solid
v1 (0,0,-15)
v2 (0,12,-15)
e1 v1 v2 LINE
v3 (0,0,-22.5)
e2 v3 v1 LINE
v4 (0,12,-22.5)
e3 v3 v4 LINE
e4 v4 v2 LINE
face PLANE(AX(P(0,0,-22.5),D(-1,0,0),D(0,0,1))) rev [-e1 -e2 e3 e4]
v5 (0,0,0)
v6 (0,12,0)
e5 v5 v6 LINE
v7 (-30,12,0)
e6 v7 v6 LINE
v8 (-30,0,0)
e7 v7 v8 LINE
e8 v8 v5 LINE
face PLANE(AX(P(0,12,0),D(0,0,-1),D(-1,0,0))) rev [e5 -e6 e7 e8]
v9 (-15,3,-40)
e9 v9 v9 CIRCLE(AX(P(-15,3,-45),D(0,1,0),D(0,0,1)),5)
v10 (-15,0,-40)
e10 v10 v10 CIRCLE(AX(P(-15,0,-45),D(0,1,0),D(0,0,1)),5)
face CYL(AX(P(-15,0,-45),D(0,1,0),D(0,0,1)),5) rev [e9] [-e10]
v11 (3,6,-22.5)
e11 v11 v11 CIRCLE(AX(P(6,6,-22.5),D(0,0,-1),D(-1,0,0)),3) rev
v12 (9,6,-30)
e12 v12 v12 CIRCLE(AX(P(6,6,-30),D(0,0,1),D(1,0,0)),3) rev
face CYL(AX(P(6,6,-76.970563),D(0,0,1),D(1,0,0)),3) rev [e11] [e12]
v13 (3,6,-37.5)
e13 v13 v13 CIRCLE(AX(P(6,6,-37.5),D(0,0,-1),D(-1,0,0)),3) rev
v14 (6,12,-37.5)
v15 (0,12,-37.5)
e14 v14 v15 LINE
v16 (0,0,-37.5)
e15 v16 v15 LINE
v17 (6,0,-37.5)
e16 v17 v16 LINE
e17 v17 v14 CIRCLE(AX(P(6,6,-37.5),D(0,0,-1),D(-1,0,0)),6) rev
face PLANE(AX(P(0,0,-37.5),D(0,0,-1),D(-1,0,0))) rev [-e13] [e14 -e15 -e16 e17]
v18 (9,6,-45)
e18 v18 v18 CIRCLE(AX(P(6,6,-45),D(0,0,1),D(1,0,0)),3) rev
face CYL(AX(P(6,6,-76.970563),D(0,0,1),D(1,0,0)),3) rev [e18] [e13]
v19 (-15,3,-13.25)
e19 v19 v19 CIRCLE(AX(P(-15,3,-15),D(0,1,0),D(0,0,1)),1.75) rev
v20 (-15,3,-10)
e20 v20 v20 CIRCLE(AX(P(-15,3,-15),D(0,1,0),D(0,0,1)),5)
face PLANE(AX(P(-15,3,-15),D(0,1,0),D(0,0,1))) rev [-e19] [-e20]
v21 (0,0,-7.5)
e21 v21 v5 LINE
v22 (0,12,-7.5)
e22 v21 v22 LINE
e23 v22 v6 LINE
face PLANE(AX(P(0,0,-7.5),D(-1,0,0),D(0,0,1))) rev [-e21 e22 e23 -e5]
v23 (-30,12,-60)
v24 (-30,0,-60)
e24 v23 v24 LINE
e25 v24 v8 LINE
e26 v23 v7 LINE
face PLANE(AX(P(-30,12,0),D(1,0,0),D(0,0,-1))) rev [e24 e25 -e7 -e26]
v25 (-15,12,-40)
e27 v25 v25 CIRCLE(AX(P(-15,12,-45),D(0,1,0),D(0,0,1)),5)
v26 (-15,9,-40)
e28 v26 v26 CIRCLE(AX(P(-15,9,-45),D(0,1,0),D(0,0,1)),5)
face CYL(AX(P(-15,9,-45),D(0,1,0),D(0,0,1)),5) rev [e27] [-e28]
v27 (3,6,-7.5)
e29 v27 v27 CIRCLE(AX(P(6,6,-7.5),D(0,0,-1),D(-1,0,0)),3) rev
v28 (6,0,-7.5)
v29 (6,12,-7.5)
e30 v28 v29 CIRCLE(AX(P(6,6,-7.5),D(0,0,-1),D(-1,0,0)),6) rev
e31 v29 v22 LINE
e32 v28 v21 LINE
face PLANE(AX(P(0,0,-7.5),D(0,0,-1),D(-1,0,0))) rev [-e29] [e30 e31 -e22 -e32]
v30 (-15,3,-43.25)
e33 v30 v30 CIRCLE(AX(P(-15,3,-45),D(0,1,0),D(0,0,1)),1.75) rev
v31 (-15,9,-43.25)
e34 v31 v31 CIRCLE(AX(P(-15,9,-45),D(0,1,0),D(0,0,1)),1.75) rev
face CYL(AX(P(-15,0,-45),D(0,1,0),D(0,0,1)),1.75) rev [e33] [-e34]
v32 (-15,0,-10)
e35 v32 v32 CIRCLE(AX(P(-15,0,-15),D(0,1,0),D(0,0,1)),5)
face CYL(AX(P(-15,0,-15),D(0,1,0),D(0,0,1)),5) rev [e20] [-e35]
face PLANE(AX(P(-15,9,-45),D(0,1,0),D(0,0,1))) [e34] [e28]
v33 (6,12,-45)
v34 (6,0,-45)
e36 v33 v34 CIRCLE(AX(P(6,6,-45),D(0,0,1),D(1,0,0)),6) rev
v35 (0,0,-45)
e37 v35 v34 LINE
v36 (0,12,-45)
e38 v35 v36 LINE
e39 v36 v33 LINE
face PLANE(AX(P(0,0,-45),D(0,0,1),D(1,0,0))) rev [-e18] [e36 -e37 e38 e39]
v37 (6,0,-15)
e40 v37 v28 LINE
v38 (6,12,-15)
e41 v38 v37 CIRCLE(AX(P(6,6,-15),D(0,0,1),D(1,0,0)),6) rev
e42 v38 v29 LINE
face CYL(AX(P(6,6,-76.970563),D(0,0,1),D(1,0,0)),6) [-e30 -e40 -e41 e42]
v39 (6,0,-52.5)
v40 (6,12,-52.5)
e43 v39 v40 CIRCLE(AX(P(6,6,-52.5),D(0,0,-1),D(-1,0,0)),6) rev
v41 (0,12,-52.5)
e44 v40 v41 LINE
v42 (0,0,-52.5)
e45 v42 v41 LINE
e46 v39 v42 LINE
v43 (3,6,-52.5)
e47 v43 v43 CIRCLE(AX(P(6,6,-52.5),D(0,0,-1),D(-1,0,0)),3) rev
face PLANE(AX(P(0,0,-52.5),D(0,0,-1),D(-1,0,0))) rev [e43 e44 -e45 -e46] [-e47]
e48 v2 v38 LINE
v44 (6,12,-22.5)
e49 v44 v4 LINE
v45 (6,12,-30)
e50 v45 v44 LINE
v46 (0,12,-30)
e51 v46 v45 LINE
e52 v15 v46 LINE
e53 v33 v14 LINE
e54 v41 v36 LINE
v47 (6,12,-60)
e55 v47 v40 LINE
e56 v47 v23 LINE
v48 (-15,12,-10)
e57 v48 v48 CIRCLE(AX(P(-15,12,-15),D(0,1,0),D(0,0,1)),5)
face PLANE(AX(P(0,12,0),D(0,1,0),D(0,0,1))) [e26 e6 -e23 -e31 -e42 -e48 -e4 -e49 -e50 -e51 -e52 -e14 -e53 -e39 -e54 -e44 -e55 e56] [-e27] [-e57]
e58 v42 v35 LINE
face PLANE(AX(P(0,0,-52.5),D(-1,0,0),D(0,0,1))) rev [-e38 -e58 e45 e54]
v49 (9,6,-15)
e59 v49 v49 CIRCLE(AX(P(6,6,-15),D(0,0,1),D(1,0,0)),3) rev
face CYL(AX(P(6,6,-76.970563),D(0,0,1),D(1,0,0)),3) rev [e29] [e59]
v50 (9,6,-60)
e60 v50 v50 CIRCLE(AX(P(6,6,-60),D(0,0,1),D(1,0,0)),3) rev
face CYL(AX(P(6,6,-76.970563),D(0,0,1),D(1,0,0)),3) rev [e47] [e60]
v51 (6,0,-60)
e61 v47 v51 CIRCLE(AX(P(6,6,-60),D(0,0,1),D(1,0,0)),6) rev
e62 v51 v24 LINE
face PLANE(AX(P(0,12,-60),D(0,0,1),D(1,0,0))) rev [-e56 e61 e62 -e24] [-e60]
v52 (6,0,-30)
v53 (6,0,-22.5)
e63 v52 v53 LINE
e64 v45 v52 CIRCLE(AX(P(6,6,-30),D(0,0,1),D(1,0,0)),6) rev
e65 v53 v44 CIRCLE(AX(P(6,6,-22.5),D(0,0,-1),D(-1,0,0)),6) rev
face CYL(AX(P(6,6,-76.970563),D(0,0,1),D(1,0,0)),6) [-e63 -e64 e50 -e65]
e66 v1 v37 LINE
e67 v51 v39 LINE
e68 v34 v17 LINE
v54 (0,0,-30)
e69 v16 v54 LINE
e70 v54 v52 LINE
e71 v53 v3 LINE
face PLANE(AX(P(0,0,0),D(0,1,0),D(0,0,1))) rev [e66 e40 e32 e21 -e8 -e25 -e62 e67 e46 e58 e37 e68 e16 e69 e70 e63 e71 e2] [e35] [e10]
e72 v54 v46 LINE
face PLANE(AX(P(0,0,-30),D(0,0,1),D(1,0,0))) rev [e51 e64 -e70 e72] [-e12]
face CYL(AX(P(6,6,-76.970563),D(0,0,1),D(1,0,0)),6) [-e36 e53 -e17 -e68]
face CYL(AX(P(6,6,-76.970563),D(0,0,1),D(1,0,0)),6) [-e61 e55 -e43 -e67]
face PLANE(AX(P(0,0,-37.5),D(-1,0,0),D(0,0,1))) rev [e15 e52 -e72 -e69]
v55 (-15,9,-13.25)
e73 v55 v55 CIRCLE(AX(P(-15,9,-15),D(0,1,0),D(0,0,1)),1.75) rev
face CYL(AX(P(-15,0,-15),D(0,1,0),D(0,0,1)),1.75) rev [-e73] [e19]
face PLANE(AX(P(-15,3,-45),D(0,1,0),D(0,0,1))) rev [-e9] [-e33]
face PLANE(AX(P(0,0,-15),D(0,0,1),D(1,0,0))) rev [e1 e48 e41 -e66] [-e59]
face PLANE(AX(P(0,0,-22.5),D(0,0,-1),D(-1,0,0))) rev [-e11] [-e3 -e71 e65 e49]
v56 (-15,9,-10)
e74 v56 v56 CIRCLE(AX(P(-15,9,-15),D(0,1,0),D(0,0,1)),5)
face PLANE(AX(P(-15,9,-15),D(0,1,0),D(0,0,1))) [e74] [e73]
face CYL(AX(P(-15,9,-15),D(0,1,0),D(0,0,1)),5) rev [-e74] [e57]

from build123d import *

# Parameters (mm, degrees)
SKETCH1_W           = 30
SKETCH1_H           = 60
BOSS_EXTRUDE1_DEPTH = 12
SKETCH2_R           = 3
BOSS_EXTRUDE2_DEPTH = 60
SKETCH3_W           = 12
SKETCH3_H           = 7.5
CUT_EXTRUDE1_DEPTH  = 69.14690015
LPATTERN1_COUNT     = 4
LPATTERN1_PITCH     = 15
SKETCH4_R           = 1.75
CUT_EXTRUDE2_DEPTH  = 69.14690015
SKETCH5_R           = 5
CUT_EXTRUDE3_DEPTH  = 3
LPATTERN2_COUNT     = 2
LPATTERN2_PITCH     = 9


with BuildPart() as part:
    # Sketch1 → Boss-Extrude1 (new body)
    with BuildSketch(Plane(origin=(0, 0, 0), x_dir=(1, 0, 0), z_dir=(0, 1, 0))):
        with Locations((-15, 30)):
            Rectangle(SKETCH1_W, SKETCH1_H)
    extrude(amount=BOSS_EXTRUDE1_DEPTH)

    # Sketch2 → Boss-Extrude2 (add)
    with BuildSketch(Plane.XY):
        with BuildLine():
            Line((0, 6), (0, 0))
            Line((0, 0), (6, 0))
            ThreePointArc((6, 0), (12, 6), (6, 12))
            Line((6, 12), (0, 12))
            Line((0, 12), (0, 6))
        make_face()
        with Locations((6, 6)):
            Circle(SKETCH2_R, mode=Mode.SUBTRACT)
    extrude(amount=-BOSS_EXTRUDE2_DEPTH)

    # Sketch3 → Cut-Extrude1 (cut, through all)
    with BuildSketch(Plane(origin=(0, 12, 0), x_dir=(1, 0, 0), z_dir=(0, 1, 0))):
        with Locations((6, 48.75)):
            Rectangle(SKETCH3_W, SKETCH3_H)
    cut_extrude1 = extrude(amount=-CUT_EXTRUDE1_DEPTH, mode=Mode.SUBTRACT)

    # LPattern1: Cut-Extrude1 ×4
    with Locations(*[(0, 0, i * LPATTERN1_PITCH) for i in range(1, LPATTERN1_COUNT)]):
        add(cut_extrude1, mode=Mode.SUBTRACT)

    # Sketch4 → Cut-Extrude2 (cut, through all)
    with BuildSketch(Plane(origin=(0, 12, 0), x_dir=(1, 0, 0), z_dir=(0, 1, 0))):
        with Locations(Location((-15, 45, 0), (0, 0, 270))):
            Circle(SKETCH4_R)
        with Locations(Location((-15, 15, 0), (0, 0, 270))):
            Circle(SKETCH4_R)
    extrude(amount=-CUT_EXTRUDE2_DEPTH, mode=Mode.SUBTRACT)

    # Sketch5 → Cut-Extrude3 (cut)
    with BuildSketch(Plane(origin=(0, 12, 0), x_dir=(1, 0, 0), z_dir=(0, 1, 0))):
        with Locations(Location((-15, 45, 0), (0, 0, 270))):
            Circle(SKETCH5_R)
        with Locations(Location((-15, 15, 0), (0, 0, 270))):
            Circle(SKETCH5_R)
    cut_extrude3 = extrude(amount=-CUT_EXTRUDE3_DEPTH, mode=Mode.SUBTRACT)

    # LPattern2: Cut-Extrude3 ×2
    with Locations(*[(0, -i * LPATTERN2_PITCH, 0) for i in range(1, LPATTERN2_COUNT)]):
        add(cut_extrude3, mode=Mode.SUBTRACT)


solid = part.part
